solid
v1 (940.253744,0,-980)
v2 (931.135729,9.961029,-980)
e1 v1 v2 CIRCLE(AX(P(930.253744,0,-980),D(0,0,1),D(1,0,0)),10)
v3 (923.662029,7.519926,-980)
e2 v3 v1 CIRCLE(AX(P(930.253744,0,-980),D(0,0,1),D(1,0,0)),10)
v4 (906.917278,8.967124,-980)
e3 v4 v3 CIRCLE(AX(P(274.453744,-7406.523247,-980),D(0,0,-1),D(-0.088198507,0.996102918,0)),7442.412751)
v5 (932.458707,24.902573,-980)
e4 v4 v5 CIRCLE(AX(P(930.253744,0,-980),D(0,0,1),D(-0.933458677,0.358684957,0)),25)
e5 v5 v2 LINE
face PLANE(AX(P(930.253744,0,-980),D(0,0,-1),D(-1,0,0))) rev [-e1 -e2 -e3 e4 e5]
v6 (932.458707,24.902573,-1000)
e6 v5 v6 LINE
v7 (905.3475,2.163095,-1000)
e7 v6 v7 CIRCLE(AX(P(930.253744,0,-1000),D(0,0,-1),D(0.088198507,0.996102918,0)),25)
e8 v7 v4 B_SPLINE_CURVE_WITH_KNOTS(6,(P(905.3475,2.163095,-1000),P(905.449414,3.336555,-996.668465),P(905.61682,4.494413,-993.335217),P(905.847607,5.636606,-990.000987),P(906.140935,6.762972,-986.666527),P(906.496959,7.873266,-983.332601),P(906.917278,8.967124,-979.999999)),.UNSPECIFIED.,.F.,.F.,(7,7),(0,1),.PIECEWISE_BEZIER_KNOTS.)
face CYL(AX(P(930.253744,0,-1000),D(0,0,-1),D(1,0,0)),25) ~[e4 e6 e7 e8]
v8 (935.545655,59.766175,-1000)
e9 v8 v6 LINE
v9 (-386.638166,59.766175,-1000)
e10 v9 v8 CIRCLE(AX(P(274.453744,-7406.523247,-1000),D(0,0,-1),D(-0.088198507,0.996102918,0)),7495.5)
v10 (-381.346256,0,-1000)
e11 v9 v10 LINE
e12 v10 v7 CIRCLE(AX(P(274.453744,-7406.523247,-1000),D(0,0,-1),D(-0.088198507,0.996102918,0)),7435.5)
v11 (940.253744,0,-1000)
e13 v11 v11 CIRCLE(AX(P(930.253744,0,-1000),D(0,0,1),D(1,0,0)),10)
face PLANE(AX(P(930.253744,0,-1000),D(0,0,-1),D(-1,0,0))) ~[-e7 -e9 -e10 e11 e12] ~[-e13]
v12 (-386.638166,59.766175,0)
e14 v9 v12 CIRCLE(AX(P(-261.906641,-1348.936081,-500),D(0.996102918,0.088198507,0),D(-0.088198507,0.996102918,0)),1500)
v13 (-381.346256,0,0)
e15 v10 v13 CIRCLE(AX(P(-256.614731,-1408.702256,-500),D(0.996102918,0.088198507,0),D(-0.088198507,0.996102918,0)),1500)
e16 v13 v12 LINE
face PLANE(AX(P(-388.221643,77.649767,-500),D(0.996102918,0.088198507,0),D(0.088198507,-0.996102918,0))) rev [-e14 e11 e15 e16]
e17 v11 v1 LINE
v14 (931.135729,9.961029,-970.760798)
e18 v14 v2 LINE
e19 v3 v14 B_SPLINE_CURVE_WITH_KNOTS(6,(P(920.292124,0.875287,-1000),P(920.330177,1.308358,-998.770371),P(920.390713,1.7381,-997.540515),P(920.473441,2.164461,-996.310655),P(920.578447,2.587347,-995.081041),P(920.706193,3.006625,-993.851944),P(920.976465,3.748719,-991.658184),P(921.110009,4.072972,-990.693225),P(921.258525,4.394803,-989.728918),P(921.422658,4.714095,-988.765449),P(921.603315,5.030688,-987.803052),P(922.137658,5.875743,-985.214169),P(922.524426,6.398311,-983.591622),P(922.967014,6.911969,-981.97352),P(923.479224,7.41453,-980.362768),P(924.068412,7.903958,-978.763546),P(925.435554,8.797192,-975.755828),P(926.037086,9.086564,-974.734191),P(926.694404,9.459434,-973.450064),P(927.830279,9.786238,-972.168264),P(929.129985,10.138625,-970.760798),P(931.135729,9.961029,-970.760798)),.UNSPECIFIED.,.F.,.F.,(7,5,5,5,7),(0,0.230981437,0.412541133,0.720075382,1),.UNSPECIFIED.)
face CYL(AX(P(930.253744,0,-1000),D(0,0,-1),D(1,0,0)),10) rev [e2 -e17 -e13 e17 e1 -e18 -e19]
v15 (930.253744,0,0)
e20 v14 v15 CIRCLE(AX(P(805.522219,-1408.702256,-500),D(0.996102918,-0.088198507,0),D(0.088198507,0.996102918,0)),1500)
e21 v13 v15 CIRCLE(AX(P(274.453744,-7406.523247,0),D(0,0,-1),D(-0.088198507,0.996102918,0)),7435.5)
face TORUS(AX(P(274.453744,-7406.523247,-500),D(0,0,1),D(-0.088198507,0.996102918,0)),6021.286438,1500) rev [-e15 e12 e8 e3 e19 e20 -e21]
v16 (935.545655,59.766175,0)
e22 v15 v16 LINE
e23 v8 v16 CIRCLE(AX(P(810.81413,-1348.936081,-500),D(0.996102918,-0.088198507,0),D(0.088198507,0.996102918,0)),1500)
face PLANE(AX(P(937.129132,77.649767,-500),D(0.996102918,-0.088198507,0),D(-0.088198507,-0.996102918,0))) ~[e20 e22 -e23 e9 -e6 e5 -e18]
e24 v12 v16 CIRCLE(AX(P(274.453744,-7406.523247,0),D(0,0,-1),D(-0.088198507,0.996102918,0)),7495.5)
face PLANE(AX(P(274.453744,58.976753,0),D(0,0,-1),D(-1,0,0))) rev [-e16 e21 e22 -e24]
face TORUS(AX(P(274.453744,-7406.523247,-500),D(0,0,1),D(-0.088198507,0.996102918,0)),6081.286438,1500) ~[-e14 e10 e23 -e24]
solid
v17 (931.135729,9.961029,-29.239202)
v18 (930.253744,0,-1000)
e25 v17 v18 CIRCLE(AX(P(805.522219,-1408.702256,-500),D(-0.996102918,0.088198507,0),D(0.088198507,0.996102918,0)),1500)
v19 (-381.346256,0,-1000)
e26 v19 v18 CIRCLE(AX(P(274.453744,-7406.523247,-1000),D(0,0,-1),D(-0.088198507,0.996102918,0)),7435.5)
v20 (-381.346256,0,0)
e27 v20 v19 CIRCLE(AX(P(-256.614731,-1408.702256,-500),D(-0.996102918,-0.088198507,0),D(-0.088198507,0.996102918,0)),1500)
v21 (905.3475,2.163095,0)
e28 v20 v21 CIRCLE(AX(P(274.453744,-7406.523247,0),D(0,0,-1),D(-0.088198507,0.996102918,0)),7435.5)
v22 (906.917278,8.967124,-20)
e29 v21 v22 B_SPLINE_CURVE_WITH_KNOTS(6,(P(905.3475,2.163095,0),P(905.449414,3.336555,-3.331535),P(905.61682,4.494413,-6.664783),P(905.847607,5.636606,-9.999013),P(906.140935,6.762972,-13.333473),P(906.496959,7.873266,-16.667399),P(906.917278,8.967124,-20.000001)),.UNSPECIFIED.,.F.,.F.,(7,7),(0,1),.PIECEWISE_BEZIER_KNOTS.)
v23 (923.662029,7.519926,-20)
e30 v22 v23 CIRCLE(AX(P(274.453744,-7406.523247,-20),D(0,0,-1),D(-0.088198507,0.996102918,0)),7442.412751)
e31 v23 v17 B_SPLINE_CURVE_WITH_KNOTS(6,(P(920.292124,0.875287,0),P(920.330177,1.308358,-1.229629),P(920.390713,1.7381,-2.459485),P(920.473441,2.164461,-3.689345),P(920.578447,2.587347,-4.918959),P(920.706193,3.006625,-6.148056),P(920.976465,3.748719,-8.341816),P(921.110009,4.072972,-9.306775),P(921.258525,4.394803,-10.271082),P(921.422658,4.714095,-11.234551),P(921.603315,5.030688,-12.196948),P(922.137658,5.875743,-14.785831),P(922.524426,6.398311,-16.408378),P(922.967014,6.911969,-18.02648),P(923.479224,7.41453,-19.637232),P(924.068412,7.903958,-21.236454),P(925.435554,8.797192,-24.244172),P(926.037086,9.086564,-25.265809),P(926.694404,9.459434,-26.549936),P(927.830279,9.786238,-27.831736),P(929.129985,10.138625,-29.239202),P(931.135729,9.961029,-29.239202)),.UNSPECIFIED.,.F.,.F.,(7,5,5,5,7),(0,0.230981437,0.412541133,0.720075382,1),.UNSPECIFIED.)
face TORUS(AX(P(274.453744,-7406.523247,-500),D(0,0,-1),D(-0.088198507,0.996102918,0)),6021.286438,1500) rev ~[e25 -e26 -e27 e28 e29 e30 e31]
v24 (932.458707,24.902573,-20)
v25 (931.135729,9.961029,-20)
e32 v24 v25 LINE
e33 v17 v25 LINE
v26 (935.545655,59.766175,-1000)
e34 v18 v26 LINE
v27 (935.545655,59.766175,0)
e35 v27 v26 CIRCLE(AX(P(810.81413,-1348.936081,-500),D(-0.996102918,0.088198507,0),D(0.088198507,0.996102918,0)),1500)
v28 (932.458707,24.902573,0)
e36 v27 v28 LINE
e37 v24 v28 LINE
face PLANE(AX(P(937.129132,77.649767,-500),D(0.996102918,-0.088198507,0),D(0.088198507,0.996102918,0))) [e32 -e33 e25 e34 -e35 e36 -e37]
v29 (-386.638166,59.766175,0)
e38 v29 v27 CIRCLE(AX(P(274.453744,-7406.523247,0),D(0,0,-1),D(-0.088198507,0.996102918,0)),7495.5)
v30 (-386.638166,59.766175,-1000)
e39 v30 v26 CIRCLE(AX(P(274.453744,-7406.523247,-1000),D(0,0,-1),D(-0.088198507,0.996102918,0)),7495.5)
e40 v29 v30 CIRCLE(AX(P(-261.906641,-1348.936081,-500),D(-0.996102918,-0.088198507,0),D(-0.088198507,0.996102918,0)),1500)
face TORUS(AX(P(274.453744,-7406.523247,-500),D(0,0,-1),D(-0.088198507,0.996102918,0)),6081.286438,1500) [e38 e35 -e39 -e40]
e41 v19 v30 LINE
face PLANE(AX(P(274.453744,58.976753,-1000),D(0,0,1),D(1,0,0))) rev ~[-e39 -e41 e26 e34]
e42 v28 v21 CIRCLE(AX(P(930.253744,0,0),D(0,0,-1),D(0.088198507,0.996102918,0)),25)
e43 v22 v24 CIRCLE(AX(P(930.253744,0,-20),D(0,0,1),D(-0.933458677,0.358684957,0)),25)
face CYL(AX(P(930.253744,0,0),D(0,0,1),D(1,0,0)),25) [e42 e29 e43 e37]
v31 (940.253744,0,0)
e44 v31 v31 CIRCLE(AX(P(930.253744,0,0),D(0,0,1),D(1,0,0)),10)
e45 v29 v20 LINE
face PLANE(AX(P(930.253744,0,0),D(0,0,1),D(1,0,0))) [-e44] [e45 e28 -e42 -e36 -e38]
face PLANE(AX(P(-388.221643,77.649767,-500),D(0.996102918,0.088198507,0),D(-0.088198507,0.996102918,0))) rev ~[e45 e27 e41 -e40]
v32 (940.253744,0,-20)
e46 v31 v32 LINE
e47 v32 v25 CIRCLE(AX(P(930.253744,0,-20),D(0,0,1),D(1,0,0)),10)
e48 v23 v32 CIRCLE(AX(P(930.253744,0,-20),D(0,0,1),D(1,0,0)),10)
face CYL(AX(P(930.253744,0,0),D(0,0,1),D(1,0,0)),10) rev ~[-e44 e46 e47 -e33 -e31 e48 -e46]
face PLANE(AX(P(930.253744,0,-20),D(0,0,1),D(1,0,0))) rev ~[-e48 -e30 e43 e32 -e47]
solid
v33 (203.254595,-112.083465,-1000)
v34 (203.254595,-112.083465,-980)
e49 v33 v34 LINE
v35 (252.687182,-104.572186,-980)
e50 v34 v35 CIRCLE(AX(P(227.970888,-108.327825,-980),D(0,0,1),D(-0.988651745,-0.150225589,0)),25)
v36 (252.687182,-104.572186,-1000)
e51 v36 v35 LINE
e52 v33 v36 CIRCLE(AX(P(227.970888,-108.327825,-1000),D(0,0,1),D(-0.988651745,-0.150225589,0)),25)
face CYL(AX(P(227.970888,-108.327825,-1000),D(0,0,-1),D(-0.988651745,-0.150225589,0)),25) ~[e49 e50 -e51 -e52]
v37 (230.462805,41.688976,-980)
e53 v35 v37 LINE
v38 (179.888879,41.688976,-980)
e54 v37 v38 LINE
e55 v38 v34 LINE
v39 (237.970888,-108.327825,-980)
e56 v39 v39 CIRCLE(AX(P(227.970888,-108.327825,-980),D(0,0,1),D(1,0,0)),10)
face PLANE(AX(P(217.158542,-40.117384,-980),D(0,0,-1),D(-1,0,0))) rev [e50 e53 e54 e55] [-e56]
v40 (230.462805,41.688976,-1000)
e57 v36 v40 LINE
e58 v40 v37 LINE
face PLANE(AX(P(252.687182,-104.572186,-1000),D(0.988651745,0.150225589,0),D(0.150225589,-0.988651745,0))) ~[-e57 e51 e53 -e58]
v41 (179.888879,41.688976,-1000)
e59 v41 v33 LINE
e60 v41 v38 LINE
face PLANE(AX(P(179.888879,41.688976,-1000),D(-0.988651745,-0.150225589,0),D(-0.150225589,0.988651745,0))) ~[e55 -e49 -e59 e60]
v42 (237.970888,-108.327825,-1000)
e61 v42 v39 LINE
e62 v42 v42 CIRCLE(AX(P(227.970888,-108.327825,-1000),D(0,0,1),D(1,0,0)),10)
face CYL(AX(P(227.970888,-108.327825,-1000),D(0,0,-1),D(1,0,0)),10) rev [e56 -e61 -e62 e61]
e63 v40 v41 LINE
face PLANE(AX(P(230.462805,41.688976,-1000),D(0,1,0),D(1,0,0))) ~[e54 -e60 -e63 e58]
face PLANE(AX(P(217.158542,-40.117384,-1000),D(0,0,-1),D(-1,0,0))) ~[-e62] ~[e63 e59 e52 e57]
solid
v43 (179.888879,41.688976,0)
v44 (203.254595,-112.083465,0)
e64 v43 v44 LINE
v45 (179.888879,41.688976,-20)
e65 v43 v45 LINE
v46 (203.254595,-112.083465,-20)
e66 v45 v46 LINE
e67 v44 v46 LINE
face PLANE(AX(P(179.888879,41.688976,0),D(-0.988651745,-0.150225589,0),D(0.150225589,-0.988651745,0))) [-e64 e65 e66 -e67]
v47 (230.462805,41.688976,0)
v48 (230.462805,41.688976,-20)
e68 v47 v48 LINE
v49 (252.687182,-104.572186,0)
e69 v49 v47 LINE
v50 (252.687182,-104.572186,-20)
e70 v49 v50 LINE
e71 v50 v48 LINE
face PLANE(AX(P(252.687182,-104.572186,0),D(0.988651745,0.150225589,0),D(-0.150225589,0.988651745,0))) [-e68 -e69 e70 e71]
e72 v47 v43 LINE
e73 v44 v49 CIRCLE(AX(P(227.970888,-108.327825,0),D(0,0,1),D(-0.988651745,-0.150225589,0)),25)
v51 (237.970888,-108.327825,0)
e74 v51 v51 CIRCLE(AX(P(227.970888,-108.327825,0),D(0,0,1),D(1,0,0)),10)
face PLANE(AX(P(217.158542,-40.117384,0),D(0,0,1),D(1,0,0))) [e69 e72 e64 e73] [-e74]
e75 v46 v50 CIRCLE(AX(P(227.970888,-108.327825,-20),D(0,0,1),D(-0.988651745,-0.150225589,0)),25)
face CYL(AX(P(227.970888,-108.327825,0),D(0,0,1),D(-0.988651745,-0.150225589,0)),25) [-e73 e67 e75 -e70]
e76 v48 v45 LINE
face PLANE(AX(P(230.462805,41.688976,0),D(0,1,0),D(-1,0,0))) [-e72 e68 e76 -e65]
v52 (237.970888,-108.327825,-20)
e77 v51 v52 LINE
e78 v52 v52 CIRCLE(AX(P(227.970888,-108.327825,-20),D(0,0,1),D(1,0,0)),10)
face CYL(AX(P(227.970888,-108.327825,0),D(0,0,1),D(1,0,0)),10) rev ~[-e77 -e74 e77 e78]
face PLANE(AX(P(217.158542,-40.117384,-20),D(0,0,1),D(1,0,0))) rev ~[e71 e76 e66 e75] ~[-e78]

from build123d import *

# Parameters (mm, degrees)
SKETCH3_R           = 10
BOSS_EXTRUDE1_DEPTH = 20
SKETCH4_R           = 25
BOSS_EXTRUDE2_DEPTH = 20
SKETCH5_R           = 10
CUT_EXTRUDE1_DEPTH  = 40


with BuildPart() as part:
    # Sweep1: sweep along a path in Sketch1
    with BuildLine(Plane.XY) as sweep1_path:
        ThreePointArc((-381.346255507, 0), (274.453744493, 28.976752889), (930.253744493, 0))
    # Sketch2 → Sweep1 (sweep)
    with BuildSketch(Plane(origin=(-381.346255507, 0, 0), x_dir=(0, 0, -1), z_dir=(0.996102918, 0.088198507, 0))):
        with BuildLine():
            Line((1000, 0), (1000, 60))
            ThreePointArc((1000, 60), (500, 145.786437627), (0, 60))
            Line((0, 60), (0, 0))
            ThreePointArc((0, 0), (500, 85.786437627), (1000, 0))
        make_face()
    sweep(path=sweep1_path.line)

    # Sketch4 → Boss-Extrude2 (add)
    with BuildSketch(Plane.XY):
        with Locations((930.253744493, 0)):
            Circle(SKETCH4_R)
    extrude(amount=-BOSS_EXTRUDE2_DEPTH)

    # Sketch5 → Cut-Extrude1 (cut)
    with BuildSketch(Plane.XY):
        with Locations((930.253744493, 0)):
            Circle(SKETCH5_R)
    extrude(amount=-CUT_EXTRUDE1_DEPTH, mode=Mode.SUBTRACT)


with BuildPart() as body_2:
    # Sketch3 → Boss-Extrude1 (new body)
    with BuildSketch(Plane.XY):
        with BuildLine():
            Line((230.462804943, 41.688976459), (179.888879124, 41.688976459))
            Line((179.888879124, 41.688976459), (203.254594848, -112.083465063))
            ThreePointArc((203.254594848, -112.083465063), (231.726528195, -133.044118954), (252.687182085, -104.572185607))
            Line((252.687182085, -104.572185607), (230.462804943, 41.688976459))
        make_face()
        with Locations((227.970888467, -108.327825335)):
            Circle(SKETCH3_R, mode=Mode.SUBTRACT)
    extrude(amount=-BOSS_EXTRUDE1_DEPTH)


with BuildPart() as body_3:
    # Mirror5: mirrored copy
    add(body_2.part.mirror(Plane.XY.offset(-500)))


with BuildPart() as body_4:
    # Mirror5 2: mirrored copy
    add(part.part.mirror(Plane.XY.offset(-500)))


solid = Compound([part.part, body_2.part, body_3.part, body_4.part])
